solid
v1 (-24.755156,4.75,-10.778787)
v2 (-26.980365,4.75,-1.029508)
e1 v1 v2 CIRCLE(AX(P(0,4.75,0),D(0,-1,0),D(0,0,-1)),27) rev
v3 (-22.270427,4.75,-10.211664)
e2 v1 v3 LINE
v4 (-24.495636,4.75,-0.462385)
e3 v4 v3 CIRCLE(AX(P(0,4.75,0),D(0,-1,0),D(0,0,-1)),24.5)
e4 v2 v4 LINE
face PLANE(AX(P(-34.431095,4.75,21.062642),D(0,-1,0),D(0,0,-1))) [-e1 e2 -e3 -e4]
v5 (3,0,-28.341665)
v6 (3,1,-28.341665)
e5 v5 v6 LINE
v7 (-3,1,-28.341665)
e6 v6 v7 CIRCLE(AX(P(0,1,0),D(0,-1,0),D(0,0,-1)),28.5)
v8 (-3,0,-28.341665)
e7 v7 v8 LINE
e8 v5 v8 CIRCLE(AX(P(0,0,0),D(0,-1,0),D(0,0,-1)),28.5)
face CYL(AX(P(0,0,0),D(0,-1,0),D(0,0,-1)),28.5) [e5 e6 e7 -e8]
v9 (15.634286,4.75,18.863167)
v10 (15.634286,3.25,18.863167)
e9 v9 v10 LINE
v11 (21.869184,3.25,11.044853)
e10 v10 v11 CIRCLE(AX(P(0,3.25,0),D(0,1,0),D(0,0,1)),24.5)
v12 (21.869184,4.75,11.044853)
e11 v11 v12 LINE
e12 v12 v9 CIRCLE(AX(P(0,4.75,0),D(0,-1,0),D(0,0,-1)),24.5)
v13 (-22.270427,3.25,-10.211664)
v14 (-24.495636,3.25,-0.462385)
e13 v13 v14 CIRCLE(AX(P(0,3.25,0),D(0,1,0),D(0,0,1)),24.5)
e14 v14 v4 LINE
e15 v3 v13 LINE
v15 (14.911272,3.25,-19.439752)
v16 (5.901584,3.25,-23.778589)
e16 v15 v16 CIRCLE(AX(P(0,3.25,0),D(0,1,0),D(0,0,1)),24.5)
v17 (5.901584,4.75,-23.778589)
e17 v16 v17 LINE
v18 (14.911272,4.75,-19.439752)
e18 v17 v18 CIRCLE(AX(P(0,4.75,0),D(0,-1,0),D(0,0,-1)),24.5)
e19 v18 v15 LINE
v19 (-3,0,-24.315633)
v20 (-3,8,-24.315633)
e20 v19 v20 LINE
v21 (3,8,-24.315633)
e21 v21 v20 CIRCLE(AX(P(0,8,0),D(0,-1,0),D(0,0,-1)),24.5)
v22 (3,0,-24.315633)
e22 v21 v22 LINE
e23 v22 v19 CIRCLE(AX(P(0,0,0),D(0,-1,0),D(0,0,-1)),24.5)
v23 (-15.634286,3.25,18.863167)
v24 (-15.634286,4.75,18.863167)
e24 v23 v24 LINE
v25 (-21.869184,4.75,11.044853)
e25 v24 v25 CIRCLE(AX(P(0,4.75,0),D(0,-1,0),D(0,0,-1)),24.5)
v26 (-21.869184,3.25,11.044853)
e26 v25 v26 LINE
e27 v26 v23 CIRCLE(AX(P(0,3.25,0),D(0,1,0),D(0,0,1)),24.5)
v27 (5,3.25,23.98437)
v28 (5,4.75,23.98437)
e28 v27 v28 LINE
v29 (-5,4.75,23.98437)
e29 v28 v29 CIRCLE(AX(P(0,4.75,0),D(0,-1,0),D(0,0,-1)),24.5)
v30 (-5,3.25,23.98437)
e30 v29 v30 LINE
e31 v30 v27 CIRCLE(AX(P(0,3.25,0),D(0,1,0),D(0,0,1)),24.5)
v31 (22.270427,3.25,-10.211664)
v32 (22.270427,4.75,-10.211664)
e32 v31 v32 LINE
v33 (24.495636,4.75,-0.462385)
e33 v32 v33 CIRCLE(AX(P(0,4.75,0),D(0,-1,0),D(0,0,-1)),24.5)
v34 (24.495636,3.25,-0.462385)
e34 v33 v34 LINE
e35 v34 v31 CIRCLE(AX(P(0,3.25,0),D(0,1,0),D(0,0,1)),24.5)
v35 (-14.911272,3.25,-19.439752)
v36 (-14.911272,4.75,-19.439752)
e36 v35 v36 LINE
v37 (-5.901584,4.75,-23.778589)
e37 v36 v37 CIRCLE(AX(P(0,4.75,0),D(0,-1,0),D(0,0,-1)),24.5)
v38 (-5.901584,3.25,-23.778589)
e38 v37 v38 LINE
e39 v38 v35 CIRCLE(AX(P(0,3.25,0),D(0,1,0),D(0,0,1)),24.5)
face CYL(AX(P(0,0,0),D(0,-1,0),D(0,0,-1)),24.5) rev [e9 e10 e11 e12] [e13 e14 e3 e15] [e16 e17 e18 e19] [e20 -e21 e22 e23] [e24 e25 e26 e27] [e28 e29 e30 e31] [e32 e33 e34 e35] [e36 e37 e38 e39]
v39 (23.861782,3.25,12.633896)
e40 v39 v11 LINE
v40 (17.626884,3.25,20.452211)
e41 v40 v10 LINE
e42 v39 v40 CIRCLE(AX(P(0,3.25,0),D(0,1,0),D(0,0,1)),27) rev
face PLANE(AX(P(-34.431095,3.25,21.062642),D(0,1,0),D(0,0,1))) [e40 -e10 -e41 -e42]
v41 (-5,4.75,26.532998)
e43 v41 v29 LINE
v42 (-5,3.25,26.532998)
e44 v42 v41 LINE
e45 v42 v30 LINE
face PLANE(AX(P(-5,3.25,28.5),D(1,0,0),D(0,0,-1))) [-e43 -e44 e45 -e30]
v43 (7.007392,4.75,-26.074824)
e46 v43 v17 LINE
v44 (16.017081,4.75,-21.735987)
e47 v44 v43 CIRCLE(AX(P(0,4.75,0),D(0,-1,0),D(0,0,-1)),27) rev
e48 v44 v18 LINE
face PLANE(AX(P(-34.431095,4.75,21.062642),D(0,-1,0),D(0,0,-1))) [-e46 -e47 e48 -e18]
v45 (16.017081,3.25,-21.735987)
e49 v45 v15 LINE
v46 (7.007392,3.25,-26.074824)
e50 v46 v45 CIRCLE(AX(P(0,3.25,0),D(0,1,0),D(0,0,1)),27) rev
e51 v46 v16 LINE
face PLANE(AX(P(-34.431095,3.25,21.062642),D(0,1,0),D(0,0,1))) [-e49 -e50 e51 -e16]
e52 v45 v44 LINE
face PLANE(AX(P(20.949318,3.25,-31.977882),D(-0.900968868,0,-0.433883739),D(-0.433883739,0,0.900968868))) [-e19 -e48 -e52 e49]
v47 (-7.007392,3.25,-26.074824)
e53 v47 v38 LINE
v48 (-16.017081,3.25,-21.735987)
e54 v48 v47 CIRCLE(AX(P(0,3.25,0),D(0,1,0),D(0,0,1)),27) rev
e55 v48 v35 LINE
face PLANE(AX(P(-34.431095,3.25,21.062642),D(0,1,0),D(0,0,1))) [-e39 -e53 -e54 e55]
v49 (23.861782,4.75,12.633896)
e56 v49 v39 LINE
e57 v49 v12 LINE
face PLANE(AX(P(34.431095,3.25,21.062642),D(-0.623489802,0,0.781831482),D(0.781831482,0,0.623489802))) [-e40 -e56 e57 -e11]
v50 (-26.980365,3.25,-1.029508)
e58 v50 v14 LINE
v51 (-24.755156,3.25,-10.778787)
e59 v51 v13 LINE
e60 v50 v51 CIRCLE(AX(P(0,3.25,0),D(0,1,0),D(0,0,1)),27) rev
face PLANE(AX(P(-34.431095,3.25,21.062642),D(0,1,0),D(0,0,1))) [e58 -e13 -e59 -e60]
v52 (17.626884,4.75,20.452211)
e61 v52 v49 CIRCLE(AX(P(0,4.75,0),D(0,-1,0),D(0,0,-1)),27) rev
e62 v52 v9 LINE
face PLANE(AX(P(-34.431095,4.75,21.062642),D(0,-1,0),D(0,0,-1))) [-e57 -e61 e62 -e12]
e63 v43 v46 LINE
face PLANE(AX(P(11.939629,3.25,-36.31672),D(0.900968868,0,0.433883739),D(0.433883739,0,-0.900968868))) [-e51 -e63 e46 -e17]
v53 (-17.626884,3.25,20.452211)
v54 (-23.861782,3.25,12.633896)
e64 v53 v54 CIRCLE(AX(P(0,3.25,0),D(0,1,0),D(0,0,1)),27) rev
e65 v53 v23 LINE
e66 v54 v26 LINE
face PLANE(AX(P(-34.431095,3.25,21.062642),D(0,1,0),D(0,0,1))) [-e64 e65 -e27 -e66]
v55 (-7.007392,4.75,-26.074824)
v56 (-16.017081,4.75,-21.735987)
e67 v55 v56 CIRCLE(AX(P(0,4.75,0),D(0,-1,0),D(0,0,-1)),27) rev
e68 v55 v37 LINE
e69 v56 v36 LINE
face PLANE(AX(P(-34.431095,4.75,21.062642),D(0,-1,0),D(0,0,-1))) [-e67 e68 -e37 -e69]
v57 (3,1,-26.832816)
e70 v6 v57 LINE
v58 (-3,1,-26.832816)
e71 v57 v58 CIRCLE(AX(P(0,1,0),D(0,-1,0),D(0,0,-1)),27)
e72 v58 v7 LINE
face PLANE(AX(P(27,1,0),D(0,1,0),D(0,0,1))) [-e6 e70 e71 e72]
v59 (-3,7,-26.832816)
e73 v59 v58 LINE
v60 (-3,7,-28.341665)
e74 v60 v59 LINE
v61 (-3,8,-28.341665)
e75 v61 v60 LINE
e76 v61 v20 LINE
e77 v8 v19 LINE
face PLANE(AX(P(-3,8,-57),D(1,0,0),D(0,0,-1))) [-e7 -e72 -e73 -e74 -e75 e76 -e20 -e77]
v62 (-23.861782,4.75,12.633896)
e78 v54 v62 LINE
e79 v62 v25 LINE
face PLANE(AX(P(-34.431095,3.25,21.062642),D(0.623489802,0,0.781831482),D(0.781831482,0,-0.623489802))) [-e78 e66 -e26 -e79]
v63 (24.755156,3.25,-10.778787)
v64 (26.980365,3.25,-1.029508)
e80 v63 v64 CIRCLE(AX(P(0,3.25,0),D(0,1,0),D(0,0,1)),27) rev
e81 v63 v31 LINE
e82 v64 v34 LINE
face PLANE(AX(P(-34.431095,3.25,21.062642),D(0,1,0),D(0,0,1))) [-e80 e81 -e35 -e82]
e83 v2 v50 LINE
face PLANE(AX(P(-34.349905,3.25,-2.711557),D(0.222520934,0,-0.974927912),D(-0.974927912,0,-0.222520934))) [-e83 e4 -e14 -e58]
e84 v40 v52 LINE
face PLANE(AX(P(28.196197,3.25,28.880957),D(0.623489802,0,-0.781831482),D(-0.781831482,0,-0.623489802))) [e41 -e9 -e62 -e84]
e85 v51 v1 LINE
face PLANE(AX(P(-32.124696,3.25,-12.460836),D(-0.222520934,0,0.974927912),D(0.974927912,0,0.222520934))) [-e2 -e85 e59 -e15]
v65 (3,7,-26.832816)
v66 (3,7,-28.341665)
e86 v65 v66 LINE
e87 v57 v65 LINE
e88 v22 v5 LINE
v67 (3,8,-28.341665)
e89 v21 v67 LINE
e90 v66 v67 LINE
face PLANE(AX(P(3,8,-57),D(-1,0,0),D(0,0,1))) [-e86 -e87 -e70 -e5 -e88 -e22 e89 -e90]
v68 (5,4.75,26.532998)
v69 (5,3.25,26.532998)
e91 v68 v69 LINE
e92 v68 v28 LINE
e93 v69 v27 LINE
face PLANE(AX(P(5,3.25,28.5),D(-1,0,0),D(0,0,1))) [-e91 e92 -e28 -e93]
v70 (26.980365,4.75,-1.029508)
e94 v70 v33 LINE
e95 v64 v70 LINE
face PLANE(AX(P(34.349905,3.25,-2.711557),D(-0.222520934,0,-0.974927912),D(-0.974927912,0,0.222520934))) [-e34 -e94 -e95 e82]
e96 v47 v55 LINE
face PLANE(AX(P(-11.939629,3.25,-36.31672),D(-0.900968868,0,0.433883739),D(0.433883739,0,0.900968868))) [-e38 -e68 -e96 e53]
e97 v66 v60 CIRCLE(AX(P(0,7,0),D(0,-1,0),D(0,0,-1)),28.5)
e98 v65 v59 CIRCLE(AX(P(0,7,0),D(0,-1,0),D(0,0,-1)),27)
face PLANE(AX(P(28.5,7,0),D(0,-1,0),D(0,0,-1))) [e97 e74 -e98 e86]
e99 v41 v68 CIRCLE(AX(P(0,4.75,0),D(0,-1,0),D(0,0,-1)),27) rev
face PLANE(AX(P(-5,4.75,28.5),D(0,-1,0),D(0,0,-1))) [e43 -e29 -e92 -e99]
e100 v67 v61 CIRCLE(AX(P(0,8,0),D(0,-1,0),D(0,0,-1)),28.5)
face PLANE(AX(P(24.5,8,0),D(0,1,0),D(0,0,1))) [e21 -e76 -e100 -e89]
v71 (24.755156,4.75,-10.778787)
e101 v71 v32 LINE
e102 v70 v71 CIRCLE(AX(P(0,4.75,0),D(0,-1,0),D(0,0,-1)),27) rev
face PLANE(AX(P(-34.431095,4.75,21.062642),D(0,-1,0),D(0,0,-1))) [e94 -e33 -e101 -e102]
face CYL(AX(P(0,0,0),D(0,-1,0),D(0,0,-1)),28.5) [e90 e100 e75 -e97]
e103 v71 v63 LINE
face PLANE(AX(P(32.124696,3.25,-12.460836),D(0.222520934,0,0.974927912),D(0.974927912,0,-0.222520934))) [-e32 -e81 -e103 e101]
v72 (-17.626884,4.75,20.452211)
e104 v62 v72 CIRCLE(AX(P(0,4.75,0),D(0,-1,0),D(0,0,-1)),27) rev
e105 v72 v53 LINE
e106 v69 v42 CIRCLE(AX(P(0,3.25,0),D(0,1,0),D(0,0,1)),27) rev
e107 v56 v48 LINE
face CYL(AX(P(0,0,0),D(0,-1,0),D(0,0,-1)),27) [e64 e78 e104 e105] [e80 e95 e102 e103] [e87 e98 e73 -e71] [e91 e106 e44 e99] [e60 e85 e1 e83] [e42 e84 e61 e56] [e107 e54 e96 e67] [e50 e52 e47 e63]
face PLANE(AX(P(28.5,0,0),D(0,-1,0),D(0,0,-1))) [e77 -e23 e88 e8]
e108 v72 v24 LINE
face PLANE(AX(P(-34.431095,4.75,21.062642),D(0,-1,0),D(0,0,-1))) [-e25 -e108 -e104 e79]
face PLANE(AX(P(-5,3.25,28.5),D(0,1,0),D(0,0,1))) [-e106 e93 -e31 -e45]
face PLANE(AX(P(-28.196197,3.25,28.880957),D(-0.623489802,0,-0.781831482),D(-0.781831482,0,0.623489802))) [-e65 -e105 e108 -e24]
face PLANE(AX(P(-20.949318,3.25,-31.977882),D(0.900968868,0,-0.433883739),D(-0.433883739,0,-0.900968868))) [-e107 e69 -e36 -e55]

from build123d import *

# Parameters (mm, degrees)
SKETCH_2_W               = 6
SKETCH_2_H               = 57
CUT_EXTRUDE_1_DEPTH      = 9
SKETCH_3_W               = 10
SKETCH_3_H               = 1.5
CUT_EXTRUDE_2_DEPTH      = 29.5
PATTERN_CIRCULAR_1_COUNT = 7


with BuildPart() as part:
    # Эскиз1 → Повернуть1 (revolve)
    with BuildSketch(Plane.XY):
        Polygon((24.5, 0), (24.5, 8), (28.5, 8), (28.5, 7), (27, 7), (27, 1), (28.5, 1), (28.5, 0), align=None)
    revolve(axis=Axis((0, 0, 0), (0, 1, 0)))

    # Эскиз2 → Вырез-Вытянуть1 (cut, through all)
    with BuildSketch(Plane(origin=(0, 0, 0), x_dir=(1, 0, 0), z_dir=(0, 1, 0))):
        with Locations((0, 28.5)):
            Rectangle(SKETCH_2_W, SKETCH_2_H)
    extrude(amount=CUT_EXTRUDE_1_DEPTH, mode=Mode.SUBTRACT)

    # Эскиз3 → Вырез-Вытянуть2 (cut, through all)
    with BuildSketch(Plane.XY):
        with Locations((0, 4)):
            Rectangle(SKETCH_3_W, SKETCH_3_H)
    cut_extrude_2 = extrude(amount=CUT_EXTRUDE_2_DEPTH, mode=Mode.SUBTRACT)

    # Круговой массив1: Вырез-Вытянуть2 ×7 about axis
    pattern_circular_1_axis = Axis((0, 0, 0), (0, 1, 0))
    for i in range(1, PATTERN_CIRCULAR_1_COUNT):
        add(cut_extrude_2.rotate(pattern_circular_1_axis, i * 360 / PATTERN_CIRCULAR_1_COUNT), mode=Mode.SUBTRACT)


solid = part.part
